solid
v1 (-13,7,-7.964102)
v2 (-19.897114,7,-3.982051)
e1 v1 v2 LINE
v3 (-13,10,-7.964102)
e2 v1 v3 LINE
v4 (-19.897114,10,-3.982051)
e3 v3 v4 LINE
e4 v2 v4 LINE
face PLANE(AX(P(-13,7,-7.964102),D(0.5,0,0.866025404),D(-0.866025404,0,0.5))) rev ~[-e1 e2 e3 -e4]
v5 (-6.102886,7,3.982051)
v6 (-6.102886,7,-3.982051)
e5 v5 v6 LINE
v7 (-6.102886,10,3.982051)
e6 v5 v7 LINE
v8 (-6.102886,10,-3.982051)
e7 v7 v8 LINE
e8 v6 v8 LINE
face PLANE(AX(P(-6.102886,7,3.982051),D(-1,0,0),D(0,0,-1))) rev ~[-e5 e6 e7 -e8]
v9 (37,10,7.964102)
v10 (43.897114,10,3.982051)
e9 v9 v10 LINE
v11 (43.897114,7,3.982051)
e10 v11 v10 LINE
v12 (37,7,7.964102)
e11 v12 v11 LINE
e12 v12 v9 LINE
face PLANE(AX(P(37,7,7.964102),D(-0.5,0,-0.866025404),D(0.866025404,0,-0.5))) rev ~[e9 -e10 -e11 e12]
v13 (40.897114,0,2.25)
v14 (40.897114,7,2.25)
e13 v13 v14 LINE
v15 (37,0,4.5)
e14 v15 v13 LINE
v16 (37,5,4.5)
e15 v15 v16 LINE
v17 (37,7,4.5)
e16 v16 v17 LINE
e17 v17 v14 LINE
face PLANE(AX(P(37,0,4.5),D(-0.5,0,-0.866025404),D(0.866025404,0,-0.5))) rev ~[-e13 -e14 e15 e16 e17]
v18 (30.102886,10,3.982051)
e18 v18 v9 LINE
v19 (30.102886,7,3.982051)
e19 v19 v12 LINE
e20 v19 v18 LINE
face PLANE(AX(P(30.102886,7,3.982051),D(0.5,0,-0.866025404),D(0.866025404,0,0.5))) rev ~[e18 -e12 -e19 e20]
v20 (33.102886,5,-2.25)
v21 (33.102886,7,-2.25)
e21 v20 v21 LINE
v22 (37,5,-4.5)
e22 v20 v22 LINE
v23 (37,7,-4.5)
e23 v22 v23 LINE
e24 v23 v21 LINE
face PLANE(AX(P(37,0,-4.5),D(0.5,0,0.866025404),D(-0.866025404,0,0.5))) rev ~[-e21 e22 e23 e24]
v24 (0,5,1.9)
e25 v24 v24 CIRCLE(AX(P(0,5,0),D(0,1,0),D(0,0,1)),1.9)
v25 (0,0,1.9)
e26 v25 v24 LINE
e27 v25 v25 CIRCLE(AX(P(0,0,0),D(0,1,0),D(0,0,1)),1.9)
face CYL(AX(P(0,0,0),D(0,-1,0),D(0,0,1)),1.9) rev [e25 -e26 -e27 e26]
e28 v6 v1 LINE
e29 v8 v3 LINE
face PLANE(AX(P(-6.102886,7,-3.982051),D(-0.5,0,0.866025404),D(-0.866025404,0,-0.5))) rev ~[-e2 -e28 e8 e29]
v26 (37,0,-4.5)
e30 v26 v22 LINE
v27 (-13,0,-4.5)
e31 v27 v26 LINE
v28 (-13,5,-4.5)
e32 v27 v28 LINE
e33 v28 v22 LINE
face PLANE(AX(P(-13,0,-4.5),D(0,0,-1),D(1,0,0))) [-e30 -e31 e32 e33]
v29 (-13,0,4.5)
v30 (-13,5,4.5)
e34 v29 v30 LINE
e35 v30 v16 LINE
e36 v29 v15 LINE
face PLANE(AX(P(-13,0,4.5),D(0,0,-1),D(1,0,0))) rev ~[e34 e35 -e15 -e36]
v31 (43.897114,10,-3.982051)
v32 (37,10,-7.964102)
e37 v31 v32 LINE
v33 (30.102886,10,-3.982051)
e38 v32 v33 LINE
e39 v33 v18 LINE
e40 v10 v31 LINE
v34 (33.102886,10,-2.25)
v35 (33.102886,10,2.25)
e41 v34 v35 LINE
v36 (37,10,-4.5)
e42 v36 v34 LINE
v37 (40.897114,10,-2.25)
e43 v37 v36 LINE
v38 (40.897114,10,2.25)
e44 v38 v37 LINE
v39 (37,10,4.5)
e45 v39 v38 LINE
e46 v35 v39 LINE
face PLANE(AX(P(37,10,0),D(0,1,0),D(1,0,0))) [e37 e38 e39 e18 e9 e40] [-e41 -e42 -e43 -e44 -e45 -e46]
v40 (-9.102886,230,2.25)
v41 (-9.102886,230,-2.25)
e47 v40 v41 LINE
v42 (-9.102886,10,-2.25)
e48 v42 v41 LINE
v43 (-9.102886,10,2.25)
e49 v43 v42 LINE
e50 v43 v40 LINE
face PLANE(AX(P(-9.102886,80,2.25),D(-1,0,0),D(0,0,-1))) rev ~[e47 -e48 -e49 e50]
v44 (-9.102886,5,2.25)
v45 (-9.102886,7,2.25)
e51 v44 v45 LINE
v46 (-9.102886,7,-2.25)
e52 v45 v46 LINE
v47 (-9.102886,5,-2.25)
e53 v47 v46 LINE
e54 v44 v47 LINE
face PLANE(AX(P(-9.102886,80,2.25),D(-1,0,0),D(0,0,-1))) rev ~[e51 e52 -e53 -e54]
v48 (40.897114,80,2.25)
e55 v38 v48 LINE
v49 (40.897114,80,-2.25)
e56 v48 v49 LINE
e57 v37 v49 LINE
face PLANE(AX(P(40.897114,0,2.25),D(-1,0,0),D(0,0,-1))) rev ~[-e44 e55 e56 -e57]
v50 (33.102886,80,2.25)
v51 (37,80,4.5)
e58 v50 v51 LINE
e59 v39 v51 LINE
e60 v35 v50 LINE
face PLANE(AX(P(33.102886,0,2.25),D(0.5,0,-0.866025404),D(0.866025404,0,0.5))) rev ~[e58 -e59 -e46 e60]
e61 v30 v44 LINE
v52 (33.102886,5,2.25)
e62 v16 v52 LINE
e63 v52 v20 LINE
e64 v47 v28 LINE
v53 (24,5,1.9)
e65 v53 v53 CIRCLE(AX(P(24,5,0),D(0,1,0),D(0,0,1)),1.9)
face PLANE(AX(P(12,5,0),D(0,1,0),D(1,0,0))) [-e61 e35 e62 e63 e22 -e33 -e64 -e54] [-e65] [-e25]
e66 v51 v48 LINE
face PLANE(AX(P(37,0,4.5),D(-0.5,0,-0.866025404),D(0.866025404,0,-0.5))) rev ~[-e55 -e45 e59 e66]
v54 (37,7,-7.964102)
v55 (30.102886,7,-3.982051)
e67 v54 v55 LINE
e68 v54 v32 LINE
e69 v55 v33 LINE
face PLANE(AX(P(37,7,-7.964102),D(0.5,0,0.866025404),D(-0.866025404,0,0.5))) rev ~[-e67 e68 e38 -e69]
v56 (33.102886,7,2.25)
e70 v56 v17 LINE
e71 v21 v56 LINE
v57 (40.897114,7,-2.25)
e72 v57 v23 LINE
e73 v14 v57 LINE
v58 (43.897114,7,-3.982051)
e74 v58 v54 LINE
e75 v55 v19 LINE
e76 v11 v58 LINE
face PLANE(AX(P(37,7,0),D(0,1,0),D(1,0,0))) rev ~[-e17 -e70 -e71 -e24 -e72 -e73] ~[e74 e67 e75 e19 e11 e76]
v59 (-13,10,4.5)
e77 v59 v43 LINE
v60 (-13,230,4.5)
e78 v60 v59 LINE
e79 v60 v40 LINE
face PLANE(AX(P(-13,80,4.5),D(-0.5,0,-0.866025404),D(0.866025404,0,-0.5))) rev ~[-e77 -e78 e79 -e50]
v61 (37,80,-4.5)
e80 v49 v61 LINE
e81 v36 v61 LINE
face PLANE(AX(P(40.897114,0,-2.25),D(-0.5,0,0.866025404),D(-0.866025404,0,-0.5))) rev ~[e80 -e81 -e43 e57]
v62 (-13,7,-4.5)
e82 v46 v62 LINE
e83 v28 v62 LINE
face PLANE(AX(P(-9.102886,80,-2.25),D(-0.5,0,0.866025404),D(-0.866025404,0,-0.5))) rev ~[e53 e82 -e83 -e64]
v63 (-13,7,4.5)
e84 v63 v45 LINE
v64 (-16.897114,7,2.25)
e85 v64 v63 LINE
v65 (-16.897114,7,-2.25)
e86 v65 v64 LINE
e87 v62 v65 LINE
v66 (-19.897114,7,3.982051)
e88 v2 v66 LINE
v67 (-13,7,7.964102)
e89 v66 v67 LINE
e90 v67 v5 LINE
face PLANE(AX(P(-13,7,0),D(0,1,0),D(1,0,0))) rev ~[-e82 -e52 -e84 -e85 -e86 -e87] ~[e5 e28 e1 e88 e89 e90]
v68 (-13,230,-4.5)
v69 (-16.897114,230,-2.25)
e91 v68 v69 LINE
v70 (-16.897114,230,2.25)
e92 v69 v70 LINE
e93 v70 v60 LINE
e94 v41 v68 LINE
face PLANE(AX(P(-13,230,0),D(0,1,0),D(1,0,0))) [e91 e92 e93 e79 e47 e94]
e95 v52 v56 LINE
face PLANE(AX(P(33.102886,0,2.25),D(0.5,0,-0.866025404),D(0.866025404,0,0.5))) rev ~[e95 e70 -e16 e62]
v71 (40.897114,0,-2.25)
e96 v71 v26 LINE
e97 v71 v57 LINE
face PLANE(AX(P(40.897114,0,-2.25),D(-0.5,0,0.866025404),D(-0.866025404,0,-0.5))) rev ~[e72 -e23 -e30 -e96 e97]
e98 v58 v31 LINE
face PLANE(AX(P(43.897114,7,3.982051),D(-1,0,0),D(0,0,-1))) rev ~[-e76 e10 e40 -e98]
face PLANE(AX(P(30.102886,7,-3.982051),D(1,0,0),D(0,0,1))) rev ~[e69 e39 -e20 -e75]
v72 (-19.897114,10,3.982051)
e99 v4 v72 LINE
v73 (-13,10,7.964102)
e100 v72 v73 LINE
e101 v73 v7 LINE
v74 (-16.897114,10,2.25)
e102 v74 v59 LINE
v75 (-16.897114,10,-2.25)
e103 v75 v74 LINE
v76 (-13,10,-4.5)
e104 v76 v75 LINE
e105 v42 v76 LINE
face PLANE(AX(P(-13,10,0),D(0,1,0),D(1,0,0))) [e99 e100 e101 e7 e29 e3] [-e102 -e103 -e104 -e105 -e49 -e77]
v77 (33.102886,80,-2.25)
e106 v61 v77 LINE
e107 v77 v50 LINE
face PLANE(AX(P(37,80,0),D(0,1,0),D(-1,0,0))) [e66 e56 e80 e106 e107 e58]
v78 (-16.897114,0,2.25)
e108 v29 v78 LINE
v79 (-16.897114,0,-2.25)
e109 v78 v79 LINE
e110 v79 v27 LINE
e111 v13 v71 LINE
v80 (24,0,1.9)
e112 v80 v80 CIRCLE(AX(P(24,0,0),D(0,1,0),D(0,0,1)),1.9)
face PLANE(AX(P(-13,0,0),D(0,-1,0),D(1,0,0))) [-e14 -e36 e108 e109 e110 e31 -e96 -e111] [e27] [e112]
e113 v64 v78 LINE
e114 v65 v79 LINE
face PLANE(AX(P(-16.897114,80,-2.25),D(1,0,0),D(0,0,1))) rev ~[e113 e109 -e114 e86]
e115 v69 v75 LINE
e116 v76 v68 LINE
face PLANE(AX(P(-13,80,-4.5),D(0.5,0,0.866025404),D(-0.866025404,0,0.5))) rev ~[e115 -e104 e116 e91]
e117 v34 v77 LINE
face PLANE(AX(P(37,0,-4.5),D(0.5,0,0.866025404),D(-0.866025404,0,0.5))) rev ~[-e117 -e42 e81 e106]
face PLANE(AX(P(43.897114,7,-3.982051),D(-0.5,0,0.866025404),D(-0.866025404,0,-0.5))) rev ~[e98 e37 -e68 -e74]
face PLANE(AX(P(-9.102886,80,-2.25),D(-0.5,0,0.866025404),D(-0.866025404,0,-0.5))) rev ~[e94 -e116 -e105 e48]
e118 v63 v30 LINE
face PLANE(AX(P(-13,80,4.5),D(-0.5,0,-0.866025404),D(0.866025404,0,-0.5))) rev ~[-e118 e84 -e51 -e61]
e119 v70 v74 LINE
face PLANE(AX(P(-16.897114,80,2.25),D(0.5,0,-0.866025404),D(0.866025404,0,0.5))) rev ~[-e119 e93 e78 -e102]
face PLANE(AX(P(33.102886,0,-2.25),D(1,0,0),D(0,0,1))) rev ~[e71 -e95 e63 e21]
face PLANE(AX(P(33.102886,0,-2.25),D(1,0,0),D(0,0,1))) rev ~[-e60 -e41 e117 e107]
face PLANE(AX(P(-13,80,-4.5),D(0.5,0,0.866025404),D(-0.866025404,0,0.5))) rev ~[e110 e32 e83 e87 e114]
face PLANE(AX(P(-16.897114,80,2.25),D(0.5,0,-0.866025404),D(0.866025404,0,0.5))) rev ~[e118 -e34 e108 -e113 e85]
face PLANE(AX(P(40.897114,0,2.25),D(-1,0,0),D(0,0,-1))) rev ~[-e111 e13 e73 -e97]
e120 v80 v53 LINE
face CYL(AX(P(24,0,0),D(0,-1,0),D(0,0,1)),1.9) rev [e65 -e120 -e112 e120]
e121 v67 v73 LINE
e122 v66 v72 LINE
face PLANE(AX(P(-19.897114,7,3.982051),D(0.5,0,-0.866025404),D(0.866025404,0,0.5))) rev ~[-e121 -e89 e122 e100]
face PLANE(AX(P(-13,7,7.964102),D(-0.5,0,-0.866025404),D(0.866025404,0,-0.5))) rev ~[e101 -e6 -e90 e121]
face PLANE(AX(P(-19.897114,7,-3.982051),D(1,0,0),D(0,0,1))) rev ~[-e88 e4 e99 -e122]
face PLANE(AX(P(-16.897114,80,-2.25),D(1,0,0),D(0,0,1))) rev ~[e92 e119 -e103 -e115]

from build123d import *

# Parameters (mm, degrees)
SKETCH1_W           = 50
SKETCH1_H           = 9
SKETCH1_R           = 1.9
BOSS_EXTRUDE1_DEPTH = 5
BOSS_EXTRUDE2_DEPTH = 80
BOSS_EXTRUDE3_DEPTH = 150
BOSS_EXTRUDE4_DEPTH = 3


with BuildPart() as part:
    # Sketch1 → Boss-Extrude1 (new body)
    with BuildSketch(Plane(origin=(0, 0, 0), x_dir=(1, 0, 0), z_dir=(0, 1, 0))):
        with Locations((12, 0)):
            Rectangle(SKETCH1_W, SKETCH1_H)
        with Locations(Location((24, 0, 0), (0, 0, 270))):
            Circle(SKETCH1_R, mode=Mode.SUBTRACT)
        with Locations(Location((0, 0, 0), (0, 0, 270))):
            Circle(SKETCH1_R, mode=Mode.SUBTRACT)
    extrude(amount=BOSS_EXTRUDE1_DEPTH)

    # Sketch3 → Boss-Extrude2 (add)
    with BuildSketch(Plane.XZ):
        Polygon((-13, 4.5), (-16.897114317, 2.25), (-16.897114317, -2.25), (-13, -4.5), (-9.102885683, -2.25), (-9.102885683, 2.25), align=None)
        Polygon((33.102885683, 2.25), (37, 4.5), (40.897114317, 2.25), (40.897114317, -2.25), (37, -4.5), (33.102885683, -2.25), align=None)
    extrude(amount=-BOSS_EXTRUDE2_DEPTH)

    # Sketch4 → Boss-Extrude3 (add)
    with BuildSketch(Plane(origin=(0, 80, 0), x_dir=(1, 0, 0), z_dir=(0, 1, 0))):
        Polygon((-13, -4.5), (-9.102885683, -2.25), (-9.102885683, 2.25), (-13, 4.5), (-16.897114317, 2.25), (-16.897114317, -2.25), align=None)
    extrude(amount=BOSS_EXTRUDE3_DEPTH)

    # Sketch5 → Boss-Extrude4 (add)
    # profile 1 of 2: a face of its own
    with BuildSketch(Plane(origin=(0, 7, 0), x_dir=(-1, 0, 0), z_dir=(0, -1, 0))):
        Polygon((19.897114317, 3.982050808), (19.897114317, -3.982050808), (13, -7.964101615), (6.102885683, -3.982050808), (6.102885683, 3.982050808), (13, 7.964101615), align=None)
        Polygon((16.897114317, -2.25), (13, -4.5), (9.102885683, -2.25), (9.102885683, 2.25), (13, 4.5), (16.897114317, 2.25), align=None, mode=Mode.SUBTRACT)
    # profile 2 of 2: a face of its own
    with BuildSketch(Plane(origin=(0, 7, 0), x_dir=(-1, 0, 0), z_dir=(0, -1, 0))):
        Polygon((-43.897114317, -3.982050808), (-43.897114317, 3.982050808), (-37, 7.964101615), (-30.102885683, 3.982050808), (-30.102885683, -3.982050808), (-37, -7.964101615), align=None)
        Polygon((-33.102885683, 2.25), (-33.102885683, -2.25), (-37, -4.5), (-40.897114317, -2.25), (-40.897114317, 2.25), (-37, 4.5), align=None, mode=Mode.SUBTRACT)
    extrude(amount=-BOSS_EXTRUDE4_DEPTH)


solid = part.part
